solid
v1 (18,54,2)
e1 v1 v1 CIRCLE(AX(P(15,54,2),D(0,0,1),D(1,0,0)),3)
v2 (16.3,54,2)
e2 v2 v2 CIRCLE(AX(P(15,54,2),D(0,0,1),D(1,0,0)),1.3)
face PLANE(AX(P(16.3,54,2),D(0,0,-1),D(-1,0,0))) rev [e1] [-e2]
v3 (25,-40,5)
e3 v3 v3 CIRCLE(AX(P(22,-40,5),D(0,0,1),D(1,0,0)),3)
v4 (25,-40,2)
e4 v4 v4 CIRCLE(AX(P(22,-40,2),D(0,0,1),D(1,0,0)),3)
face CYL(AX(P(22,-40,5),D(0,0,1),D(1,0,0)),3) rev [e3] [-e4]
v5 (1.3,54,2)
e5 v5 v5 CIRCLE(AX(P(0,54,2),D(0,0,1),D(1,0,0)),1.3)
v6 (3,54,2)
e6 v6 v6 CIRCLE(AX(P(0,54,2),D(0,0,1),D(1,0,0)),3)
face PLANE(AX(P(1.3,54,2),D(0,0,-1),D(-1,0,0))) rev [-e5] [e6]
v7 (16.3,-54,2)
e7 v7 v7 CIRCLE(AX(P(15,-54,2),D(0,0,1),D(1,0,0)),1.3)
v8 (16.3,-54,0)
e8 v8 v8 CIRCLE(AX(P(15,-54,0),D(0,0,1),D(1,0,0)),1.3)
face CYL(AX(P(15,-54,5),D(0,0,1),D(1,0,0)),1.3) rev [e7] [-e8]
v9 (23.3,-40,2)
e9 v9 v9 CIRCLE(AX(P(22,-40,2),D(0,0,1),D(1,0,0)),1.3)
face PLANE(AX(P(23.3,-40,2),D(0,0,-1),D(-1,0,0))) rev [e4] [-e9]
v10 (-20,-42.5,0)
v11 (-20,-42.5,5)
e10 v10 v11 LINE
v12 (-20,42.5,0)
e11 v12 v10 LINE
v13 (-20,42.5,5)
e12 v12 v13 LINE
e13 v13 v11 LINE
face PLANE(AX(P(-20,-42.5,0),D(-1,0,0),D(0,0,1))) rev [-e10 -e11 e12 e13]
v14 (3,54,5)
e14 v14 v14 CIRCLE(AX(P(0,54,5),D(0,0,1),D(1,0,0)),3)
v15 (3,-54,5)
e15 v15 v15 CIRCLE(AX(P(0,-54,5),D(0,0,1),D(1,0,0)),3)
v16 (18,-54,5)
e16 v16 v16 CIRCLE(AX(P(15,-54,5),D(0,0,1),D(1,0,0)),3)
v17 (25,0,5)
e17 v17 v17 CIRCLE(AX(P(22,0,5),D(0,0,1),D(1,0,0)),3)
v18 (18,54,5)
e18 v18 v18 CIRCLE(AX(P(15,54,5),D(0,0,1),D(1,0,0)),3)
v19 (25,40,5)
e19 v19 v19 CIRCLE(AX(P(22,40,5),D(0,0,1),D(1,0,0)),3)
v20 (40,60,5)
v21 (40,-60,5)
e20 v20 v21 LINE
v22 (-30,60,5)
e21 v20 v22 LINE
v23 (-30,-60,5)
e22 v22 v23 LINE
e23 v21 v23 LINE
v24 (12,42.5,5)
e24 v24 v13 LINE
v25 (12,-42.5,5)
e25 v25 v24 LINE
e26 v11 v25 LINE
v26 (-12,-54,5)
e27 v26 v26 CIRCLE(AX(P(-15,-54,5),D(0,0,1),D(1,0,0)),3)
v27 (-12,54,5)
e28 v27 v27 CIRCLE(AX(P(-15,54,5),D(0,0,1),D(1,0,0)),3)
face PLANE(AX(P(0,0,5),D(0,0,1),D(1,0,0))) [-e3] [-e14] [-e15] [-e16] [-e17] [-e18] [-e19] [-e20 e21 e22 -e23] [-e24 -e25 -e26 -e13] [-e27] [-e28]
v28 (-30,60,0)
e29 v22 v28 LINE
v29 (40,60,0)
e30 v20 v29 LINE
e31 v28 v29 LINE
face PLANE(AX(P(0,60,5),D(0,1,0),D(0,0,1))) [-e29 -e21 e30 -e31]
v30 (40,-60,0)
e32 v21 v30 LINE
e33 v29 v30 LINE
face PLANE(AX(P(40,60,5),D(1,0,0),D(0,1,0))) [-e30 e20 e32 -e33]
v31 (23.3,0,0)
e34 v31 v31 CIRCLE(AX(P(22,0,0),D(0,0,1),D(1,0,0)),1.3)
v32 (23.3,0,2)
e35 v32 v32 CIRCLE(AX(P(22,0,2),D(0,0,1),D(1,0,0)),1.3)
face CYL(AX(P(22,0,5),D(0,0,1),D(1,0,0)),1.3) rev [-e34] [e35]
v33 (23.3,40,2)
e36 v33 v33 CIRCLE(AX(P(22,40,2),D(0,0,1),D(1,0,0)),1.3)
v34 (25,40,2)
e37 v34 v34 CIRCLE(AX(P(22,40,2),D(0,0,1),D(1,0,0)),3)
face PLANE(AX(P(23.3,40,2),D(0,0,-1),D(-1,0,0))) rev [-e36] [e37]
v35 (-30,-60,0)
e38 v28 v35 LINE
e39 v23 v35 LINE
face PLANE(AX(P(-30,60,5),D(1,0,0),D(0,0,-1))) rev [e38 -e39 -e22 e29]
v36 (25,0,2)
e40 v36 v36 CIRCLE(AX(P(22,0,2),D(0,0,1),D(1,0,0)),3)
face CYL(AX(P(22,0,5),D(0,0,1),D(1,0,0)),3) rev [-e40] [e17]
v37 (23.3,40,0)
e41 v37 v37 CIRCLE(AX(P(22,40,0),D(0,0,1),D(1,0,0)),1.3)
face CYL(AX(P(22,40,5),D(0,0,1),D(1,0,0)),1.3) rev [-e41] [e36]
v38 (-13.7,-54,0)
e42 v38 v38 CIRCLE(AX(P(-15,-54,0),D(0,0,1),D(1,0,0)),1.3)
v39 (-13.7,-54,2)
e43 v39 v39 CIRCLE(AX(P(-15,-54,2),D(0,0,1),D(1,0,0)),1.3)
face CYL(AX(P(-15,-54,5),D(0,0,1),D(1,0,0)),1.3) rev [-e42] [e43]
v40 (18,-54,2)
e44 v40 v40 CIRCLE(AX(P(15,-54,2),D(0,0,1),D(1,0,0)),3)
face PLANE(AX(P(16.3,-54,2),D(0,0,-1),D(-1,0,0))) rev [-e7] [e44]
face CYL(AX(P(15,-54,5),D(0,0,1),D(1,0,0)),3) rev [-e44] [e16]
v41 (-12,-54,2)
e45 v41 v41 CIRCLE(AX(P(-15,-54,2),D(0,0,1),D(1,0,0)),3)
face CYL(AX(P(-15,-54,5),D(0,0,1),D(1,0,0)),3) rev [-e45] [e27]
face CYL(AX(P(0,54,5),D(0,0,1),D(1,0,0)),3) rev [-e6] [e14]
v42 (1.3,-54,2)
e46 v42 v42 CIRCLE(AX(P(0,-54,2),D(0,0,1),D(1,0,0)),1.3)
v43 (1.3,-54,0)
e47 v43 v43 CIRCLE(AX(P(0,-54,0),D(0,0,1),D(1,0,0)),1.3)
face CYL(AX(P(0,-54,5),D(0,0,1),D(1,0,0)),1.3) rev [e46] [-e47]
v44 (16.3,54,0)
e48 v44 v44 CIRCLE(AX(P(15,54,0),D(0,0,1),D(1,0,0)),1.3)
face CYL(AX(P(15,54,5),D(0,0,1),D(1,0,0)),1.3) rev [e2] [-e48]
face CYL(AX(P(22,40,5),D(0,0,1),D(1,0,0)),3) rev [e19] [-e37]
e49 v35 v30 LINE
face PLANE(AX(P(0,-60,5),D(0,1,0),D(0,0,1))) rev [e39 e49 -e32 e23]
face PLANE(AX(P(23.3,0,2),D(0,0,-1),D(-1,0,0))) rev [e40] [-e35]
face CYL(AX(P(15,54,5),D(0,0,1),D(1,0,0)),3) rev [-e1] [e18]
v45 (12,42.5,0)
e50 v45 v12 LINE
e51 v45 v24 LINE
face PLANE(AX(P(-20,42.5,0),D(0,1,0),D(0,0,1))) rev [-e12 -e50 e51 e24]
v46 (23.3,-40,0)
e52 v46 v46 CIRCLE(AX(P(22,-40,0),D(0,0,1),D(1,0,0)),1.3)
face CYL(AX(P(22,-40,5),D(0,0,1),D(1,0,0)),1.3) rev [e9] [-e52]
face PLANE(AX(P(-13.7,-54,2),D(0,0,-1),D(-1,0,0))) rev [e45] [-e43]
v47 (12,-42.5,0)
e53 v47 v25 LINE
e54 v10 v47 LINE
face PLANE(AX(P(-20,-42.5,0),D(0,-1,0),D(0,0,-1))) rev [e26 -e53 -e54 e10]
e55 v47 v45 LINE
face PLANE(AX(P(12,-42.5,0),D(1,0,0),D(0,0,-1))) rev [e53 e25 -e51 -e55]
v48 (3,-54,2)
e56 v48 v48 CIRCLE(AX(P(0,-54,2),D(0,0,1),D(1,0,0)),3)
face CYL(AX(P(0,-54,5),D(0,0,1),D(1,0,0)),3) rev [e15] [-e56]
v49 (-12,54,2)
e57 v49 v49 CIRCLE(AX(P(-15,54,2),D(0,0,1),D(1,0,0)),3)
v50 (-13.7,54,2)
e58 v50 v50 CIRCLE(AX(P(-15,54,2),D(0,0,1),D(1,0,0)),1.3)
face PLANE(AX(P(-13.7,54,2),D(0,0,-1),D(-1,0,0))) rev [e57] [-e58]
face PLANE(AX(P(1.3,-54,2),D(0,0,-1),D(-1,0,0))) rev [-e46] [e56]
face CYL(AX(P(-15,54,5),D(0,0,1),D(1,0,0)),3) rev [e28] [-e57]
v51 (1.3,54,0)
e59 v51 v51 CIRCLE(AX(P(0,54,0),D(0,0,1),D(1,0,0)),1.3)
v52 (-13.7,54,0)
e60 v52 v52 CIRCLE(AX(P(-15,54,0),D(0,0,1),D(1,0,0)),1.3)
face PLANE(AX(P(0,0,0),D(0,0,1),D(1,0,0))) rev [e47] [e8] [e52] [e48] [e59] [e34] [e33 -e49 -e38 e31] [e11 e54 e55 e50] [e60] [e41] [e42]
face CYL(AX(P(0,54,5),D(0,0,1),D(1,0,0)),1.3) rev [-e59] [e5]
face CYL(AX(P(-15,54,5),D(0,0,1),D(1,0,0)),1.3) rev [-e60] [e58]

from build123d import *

# Parameters (mm, degrees)
EXTRUDE_1_DEPTH           = 5
HOLE_WIZARD_2_D           = 2.6
HOLE_WIZARD_2_DEPTH       = 10
HOLE_WIZARD_2_CBORE_D     = 6
HOLE_WIZARD_2_CBORE_DEPTH = 3
SKETCH_8_W                = 32
SKETCH_8_H                = 85
CUT_EXTRUDE_1_DEPTH       = 73.284161474


with BuildPart() as part:
    # 草圖3 → 填料-伸長1 (new body)
    with BuildSketch(Plane.XY):
        Polygon((-30, 60), (-30, -60), (0, -60), (40, -60), (40, 60), (0, 60), align=None)
    extrude(amount=EXTRUDE_1_DEPTH)

    # 鑽孔2
    with Locations(Plane(origin=(-15, 54, 5), x_dir=(1, 0, 0), z_dir=(0, 0, 1))):
        with Locations((0, 0), (15, 0), (30, 0), (37, -14), (37, -94), (30, -108), (15, -108), (0, -108), (37, -54)):
            CounterBoreHole(HOLE_WIZARD_2_D / 2, HOLE_WIZARD_2_CBORE_D / 2, HOLE_WIZARD_2_CBORE_DEPTH, depth=HOLE_WIZARD_2_DEPTH)

    # 草圖8 → 除料-伸長1 (cut, through all)
    with BuildSketch(Plane.XY.offset(5)):
        with Locations((-4, 0)):
            Rectangle(SKETCH_8_W, SKETCH_8_H)
    extrude(amount=-CUT_EXTRUDE_1_DEPTH, mode=Mode.SUBTRACT)


solid = part.part
